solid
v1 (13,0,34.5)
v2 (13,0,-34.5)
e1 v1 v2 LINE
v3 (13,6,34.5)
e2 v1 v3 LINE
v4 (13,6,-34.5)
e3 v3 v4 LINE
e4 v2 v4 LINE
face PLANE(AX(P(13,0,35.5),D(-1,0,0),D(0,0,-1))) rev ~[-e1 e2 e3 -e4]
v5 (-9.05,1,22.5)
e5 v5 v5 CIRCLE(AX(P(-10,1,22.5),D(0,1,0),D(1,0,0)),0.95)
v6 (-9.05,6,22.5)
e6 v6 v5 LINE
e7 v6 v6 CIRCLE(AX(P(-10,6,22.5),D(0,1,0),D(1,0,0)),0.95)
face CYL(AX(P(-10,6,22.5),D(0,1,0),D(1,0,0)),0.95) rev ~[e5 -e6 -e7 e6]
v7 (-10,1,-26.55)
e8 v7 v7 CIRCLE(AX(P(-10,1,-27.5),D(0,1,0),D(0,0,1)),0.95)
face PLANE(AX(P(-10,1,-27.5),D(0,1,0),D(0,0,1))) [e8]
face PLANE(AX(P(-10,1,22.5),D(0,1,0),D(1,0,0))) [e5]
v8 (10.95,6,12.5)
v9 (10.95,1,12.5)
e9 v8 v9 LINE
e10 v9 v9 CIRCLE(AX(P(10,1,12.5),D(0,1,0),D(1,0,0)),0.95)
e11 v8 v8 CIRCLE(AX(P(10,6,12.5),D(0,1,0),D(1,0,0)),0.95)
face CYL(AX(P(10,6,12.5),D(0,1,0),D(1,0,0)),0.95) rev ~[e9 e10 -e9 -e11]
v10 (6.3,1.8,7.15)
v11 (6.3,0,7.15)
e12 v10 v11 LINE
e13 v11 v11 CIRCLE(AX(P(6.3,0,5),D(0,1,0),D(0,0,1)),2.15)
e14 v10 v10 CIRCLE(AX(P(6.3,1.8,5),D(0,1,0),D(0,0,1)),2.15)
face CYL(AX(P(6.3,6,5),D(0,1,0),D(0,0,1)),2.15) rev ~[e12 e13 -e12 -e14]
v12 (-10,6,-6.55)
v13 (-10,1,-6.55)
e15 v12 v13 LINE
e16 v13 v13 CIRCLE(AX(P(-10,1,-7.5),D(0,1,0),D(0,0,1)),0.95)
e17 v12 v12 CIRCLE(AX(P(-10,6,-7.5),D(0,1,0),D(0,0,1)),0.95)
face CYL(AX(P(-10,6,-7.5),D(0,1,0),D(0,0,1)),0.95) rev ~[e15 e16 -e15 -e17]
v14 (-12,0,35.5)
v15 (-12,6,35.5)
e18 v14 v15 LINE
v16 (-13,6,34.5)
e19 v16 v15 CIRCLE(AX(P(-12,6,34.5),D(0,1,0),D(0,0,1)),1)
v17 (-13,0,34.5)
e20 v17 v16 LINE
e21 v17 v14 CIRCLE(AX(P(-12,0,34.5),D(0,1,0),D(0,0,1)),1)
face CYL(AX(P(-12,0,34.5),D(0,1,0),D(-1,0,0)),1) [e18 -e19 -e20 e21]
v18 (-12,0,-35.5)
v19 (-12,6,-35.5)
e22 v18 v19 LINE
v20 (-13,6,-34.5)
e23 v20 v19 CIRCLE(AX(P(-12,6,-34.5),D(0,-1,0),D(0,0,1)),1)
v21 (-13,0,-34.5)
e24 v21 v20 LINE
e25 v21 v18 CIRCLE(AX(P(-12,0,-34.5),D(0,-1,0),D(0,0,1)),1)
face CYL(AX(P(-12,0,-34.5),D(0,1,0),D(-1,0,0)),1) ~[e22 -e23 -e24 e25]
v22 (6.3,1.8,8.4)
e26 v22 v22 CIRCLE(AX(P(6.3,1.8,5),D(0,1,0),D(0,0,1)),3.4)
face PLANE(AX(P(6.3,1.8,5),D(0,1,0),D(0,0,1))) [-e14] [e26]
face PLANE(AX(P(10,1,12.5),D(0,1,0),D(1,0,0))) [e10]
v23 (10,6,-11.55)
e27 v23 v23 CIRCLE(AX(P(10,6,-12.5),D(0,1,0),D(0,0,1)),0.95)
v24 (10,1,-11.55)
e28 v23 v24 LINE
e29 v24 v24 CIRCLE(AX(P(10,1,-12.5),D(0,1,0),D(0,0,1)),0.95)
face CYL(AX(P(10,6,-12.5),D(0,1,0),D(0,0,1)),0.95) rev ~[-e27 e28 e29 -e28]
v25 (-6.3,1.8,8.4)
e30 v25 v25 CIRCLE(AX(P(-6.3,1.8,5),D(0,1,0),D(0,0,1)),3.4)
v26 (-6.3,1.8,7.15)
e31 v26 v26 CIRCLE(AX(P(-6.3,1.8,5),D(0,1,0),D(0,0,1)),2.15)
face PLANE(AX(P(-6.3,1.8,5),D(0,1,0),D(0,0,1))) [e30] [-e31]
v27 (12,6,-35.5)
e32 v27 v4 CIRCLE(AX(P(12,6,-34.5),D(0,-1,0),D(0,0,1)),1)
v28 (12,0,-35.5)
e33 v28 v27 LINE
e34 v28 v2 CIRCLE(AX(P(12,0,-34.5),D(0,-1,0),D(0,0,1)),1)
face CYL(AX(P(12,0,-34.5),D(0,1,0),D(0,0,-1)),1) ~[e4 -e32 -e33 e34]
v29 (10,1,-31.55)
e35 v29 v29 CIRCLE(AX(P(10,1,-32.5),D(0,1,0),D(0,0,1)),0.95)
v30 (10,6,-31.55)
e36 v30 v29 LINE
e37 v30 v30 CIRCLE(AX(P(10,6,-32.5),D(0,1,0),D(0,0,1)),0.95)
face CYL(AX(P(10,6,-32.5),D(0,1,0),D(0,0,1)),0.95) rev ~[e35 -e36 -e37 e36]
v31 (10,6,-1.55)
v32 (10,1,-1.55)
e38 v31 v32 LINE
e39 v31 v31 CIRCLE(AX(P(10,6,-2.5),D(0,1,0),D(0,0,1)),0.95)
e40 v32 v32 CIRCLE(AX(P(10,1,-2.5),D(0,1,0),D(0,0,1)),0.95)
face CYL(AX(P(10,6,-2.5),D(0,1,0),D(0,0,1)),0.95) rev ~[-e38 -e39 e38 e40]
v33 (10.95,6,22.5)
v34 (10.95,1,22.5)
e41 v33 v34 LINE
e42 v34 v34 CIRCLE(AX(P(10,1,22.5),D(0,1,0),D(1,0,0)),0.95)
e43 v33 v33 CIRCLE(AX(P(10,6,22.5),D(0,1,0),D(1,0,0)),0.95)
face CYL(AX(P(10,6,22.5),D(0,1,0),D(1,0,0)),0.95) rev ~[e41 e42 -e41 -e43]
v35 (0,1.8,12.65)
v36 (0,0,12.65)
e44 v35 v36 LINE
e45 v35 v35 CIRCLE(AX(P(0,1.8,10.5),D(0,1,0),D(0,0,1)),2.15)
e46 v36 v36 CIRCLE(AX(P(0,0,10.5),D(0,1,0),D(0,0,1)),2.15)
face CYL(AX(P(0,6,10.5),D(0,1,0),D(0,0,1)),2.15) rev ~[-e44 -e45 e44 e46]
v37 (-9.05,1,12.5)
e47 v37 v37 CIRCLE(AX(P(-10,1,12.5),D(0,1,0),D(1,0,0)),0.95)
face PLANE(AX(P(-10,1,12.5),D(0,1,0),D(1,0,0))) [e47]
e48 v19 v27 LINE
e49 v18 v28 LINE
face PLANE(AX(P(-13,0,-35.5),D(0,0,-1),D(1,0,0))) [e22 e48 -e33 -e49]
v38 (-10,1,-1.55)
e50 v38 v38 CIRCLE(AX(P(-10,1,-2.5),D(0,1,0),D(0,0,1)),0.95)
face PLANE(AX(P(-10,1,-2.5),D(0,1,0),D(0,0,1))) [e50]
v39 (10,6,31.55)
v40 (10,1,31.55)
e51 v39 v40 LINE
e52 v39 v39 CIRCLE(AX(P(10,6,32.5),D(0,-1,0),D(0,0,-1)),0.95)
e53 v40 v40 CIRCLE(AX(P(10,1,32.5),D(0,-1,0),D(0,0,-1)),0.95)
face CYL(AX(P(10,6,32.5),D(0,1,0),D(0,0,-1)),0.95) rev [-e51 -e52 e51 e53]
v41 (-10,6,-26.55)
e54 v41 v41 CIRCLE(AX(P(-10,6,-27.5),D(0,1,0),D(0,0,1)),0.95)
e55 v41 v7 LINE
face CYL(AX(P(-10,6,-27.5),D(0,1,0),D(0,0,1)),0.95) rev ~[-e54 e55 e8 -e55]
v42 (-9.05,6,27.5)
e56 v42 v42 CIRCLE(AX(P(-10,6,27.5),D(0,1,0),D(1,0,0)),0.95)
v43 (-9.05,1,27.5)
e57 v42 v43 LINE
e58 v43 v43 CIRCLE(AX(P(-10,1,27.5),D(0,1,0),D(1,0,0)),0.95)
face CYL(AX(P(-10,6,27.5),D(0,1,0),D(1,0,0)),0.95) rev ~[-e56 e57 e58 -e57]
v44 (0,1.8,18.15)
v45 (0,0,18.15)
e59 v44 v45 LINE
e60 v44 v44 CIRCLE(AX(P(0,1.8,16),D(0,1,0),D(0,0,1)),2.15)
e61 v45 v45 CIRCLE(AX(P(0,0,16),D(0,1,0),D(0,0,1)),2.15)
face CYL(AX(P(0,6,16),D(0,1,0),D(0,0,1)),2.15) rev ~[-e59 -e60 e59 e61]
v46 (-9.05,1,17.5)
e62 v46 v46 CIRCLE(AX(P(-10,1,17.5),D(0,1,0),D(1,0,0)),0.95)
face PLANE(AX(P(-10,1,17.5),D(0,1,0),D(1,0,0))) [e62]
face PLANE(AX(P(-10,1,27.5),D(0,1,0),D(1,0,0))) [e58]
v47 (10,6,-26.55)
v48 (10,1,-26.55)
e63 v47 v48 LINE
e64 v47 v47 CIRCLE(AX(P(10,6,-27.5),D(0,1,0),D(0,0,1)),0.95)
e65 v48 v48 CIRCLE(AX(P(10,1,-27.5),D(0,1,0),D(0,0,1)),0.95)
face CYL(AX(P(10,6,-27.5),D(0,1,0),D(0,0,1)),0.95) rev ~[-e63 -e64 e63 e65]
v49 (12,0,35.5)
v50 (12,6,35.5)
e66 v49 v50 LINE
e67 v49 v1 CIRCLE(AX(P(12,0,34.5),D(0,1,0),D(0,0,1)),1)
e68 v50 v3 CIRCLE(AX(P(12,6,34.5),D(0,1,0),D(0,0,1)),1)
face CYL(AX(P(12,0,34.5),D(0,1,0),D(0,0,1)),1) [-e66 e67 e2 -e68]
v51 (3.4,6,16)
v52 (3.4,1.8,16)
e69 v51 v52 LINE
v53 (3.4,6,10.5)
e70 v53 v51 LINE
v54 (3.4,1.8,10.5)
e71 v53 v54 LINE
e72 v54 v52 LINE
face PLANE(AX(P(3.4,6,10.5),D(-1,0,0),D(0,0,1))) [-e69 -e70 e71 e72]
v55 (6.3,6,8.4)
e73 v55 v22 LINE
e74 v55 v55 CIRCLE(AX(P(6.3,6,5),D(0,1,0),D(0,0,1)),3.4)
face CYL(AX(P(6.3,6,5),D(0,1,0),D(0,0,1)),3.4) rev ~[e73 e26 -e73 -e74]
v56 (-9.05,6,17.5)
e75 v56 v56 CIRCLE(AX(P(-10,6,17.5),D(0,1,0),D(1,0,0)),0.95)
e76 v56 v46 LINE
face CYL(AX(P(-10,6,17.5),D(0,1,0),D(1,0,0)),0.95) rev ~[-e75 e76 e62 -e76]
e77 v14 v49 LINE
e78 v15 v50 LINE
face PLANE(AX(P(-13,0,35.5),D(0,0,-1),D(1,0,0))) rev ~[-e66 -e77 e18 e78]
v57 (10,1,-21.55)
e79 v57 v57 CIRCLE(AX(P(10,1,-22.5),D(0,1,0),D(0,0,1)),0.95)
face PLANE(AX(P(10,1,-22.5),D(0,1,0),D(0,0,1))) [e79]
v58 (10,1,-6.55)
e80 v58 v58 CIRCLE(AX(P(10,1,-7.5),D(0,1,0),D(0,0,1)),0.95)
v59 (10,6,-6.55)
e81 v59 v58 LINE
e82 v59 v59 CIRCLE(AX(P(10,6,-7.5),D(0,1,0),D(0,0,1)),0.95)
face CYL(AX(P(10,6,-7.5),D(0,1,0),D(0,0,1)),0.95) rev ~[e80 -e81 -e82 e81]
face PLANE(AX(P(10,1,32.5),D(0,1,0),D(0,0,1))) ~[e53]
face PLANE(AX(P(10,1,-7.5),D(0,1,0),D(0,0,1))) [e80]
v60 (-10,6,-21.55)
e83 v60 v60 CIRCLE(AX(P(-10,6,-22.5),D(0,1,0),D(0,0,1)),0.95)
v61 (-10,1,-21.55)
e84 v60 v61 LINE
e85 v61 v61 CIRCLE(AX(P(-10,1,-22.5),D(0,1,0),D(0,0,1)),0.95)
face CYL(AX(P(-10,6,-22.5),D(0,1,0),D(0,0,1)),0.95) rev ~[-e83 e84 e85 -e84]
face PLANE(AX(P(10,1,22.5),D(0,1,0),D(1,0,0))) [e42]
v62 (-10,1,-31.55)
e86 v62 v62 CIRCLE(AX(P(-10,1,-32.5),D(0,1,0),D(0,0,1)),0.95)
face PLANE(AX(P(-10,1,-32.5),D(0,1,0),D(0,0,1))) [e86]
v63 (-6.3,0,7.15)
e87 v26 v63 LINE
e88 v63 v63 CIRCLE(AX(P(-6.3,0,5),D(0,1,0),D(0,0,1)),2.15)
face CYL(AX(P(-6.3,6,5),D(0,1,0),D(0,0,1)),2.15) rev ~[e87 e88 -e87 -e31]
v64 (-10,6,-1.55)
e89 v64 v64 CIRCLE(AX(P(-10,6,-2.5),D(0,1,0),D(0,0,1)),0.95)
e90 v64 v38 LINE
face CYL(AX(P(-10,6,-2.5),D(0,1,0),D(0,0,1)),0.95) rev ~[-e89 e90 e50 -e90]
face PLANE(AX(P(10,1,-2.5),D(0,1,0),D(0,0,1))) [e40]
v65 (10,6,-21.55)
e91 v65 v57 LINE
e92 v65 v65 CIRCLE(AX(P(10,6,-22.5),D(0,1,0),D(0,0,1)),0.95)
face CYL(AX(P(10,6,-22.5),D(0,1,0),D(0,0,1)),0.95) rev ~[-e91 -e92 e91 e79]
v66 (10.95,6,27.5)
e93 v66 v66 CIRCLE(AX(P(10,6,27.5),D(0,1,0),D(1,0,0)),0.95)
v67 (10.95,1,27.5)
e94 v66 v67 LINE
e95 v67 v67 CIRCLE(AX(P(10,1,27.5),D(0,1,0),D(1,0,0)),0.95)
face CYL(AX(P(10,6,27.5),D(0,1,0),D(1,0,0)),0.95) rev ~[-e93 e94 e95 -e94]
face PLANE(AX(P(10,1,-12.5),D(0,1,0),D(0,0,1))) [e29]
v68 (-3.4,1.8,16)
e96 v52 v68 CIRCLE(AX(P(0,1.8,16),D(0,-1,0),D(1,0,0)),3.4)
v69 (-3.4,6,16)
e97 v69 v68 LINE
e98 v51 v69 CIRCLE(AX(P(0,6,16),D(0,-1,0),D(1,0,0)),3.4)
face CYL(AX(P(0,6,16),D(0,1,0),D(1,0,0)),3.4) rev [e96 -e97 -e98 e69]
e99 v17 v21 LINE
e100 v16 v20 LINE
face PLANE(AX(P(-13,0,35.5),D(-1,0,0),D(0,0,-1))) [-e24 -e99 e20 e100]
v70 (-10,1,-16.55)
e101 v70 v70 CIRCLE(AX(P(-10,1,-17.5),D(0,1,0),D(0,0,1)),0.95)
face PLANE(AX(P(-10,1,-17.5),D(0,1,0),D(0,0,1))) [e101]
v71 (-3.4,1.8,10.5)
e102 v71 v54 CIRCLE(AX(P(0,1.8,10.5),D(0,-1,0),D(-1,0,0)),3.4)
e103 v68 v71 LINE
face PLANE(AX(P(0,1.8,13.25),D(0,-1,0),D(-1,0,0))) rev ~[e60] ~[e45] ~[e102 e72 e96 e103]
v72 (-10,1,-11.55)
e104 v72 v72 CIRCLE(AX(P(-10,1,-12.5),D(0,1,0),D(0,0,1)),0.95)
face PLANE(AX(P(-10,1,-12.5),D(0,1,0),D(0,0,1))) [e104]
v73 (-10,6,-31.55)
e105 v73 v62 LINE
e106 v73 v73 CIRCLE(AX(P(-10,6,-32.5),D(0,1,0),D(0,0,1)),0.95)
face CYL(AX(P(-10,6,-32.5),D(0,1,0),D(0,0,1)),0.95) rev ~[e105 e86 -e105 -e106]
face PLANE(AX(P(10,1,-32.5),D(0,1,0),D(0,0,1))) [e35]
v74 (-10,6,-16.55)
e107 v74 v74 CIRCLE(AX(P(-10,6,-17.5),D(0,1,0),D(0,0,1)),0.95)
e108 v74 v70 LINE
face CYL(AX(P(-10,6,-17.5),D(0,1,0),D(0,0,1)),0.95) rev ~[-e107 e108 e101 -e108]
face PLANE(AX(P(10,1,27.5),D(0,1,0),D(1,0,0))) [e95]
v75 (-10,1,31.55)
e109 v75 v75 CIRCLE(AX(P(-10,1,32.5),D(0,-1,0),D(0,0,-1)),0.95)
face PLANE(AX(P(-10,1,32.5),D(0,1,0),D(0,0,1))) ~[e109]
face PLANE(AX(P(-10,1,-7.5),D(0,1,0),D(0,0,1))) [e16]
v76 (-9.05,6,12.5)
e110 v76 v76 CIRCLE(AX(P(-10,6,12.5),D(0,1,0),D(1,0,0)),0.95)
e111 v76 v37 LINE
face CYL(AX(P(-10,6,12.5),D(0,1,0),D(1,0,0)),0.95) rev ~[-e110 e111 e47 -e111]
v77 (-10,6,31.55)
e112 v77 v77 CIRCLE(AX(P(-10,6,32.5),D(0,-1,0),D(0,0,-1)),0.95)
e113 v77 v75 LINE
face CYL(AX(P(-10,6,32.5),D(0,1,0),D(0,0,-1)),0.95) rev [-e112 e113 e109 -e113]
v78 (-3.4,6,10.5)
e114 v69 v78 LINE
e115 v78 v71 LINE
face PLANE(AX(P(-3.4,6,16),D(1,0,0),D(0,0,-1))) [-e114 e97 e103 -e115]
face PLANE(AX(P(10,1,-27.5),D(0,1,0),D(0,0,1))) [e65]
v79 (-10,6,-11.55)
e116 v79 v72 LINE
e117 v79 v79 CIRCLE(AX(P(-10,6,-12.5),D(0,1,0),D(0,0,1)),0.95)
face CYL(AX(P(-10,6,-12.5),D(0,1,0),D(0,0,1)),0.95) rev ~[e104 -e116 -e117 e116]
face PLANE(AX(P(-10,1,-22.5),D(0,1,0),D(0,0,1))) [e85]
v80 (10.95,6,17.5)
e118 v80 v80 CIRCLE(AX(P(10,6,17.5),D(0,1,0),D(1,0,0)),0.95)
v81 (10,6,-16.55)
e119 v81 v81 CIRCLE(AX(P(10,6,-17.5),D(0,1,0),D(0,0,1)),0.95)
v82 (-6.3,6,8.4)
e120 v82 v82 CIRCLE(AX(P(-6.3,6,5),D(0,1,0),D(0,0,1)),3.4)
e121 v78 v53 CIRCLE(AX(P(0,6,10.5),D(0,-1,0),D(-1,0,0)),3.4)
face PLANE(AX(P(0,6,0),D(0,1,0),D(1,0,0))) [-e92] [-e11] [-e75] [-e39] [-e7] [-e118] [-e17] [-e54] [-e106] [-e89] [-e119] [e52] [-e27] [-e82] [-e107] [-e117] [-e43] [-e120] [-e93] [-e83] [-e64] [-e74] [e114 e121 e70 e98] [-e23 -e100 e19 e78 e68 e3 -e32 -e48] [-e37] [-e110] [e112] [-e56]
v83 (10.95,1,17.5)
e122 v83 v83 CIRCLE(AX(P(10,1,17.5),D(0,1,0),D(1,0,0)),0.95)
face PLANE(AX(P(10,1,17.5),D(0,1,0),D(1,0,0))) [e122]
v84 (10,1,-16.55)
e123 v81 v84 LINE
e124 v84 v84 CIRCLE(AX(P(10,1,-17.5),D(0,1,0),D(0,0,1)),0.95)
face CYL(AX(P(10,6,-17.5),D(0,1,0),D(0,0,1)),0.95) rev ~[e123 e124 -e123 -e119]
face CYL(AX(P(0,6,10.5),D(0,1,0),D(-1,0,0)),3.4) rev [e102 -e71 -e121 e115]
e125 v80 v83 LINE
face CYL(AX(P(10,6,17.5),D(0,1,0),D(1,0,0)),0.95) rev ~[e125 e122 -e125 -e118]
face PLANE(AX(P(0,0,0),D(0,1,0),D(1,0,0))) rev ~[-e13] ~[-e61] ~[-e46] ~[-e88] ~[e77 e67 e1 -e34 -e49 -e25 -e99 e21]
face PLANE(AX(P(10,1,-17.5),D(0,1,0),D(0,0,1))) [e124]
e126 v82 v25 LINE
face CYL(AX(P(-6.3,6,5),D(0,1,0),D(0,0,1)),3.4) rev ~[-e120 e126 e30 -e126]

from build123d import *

# Parameters (mm, degrees)
SKETCH1_W                 = 26
SKETCH1_H                 = 71
BOSS_EXTRUDE1_DEPTH       = 6
CUT_EXTRUDE9_REACH        = 40.279
SKETCH10_R                = 2.15
SKETCH11_R                = 3.4
CUT_EXTRUDE10_DEPTH       = 4.2
SKETCH5_R                 = 0.95
CUT_EXTRUDE4_DEPTH        = 5
LPATTERN1_COUNT           = 7
LPATTERN1_PITCH           = 5
LPATTERN2_COPY_1_SKETCH_R = 0.95
LPATTERN2_COPY_1_DEPTH    = 5
LPATTERN2_COPY_2_SKETCH_R = 0.95
LPATTERN2_COPY_2_DEPTH    = 5
LPATTERN2_COPY_3_SKETCH_R = 0.95
LPATTERN2_COPY_3_DEPTH    = 5
LPATTERN2_COPY_4_SKETCH_R = 0.95
LPATTERN2_COPY_4_DEPTH    = 5
LPATTERN2_COPY_5_SKETCH_R = 0.95
LPATTERN2_COPY_5_DEPTH    = 5
LPATTERN2_COPY_6_SKETCH_R = 0.95
LPATTERN2_COPY_6_DEPTH    = 5
LPATTERN2_COPY_7_SKETCH_R = 0.95
LPATTERN2_COPY_7_DEPTH    = 5
LPATTERN2_COPY_8_SKETCH_R = 0.95
LPATTERN2_COPY_8_DEPTH    = 5
FILLET1_R                 = 1


with BuildPart() as part:
    # Sketch1 → Boss-Extrude1 (new body)
    with BuildSketch(Plane(origin=(0, 0, 0), x_dir=(1, 0, 0), z_dir=(0, 1, 0))):
        Rectangle(SKETCH1_W, SKETCH1_H)
    extrude(amount=BOSS_EXTRUDE1_DEPTH)

    # Sketch10 → Cut-Extrude9 (cut, up to next)
    with BuildSketch(Plane(origin=(0, 6, 0), x_dir=(1, 0, 0), z_dir=(0, 1, 0)), mode=Mode.PRIVATE) as cut_extrude9_sk1:
        with Locations(Location((0, -10.5, 0), (0, 0, 270))):
            Circle(SKETCH10_R)
    cut_extrude9_tool1 = extrude(cut_extrude9_sk1.sketch, amount=-CUT_EXTRUDE9_REACH, mode=Mode.PRIVATE) & part.part
    # Sketch10 → Cut-Extrude9 (cut, up to next)
    with BuildSketch(Plane(origin=(0, 6, 0), x_dir=(1, 0, 0), z_dir=(0, 1, 0)), mode=Mode.PRIVATE) as cut_extrude9_sk2:
        with Locations(Location((0, -16, 0), (0, 0, 270))):
            Circle(SKETCH10_R)
    cut_extrude9_tool2 = extrude(cut_extrude9_sk2.sketch, amount=-CUT_EXTRUDE9_REACH, mode=Mode.PRIVATE) & part.part
    # Sketch10 → Cut-Extrude9 (cut, up to next)
    with BuildSketch(Plane(origin=(0, 6, 0), x_dir=(1, 0, 0), z_dir=(0, 1, 0)), mode=Mode.PRIVATE) as cut_extrude9_sk3:
        with Locations(Location((-6.3, -5, 0), (0, 0, 270))):
            Circle(SKETCH10_R)
    cut_extrude9_tool3 = extrude(cut_extrude9_sk3.sketch, amount=-CUT_EXTRUDE9_REACH, mode=Mode.PRIVATE) & part.part
    # Sketch10 → Cut-Extrude9 (cut, up to next)
    with BuildSketch(Plane(origin=(0, 6, 0), x_dir=(1, 0, 0), z_dir=(0, 1, 0)), mode=Mode.PRIVATE) as cut_extrude9_sk4:
        with Locations(Location((6.3, -5, 0), (0, 0, 270))):
            Circle(SKETCH10_R)
    cut_extrude9_tool4 = extrude(cut_extrude9_sk4.sketch, amount=-CUT_EXTRUDE9_REACH, mode=Mode.PRIVATE) & part.part
    add(cut_extrude9_tool1.solids().sort_by_distance((0, 6, 10.5))[0], mode=Mode.SUBTRACT)
    add(cut_extrude9_tool2.solids().sort_by_distance((0, 6, 16))[0], mode=Mode.SUBTRACT)
    add(cut_extrude9_tool3.solids().sort_by_distance((-6.3, 6, 5))[0], mode=Mode.SUBTRACT)
    add(cut_extrude9_tool4.solids().sort_by_distance((6.3, 6, 5))[0], mode=Mode.SUBTRACT)

    # Sketch11 → Cut-Extrude10 (cut)
    with BuildSketch(Plane(origin=(0, 6, 0), x_dir=(1, 0, 0), z_dir=(0, 1, 0))):
        with Locations(Location((-6.3, -5, 0), (0, 0, 270))):
            Circle(SKETCH11_R)
        with Locations(Location((6.3, -5, 0), (0, 0, 270))):
            Circle(SKETCH11_R)
        with BuildLine():
            Line((3.4, -10.5), (3.4, -16))
            ThreePointArc((3.4, -16), (0, -19.4), (-3.4, -16))
            Line((-3.4, -16), (-3.4, -10.5))
            ThreePointArc((-3.4, -10.5), (0, -7.1), (3.4, -10.5))
        make_face()
    extrude(amount=-CUT_EXTRUDE10_DEPTH, mode=Mode.SUBTRACT)

    # Sketch5 → Cut-Extrude4 (cut)
    with BuildSketch(Plane(origin=(0, 6, 0), x_dir=(1, 0, 0), z_dir=(0, 1, 0))):
        with Locations(Location((-10, 32.5, 0), (0, 0, 270))):
            Circle(SKETCH5_R)
        with Locations(Location((10, 32.5, 0), (0, 0, 270))):
            Circle(SKETCH5_R)
    cut_extrude4 = extrude(amount=-CUT_EXTRUDE4_DEPTH, mode=Mode.SUBTRACT)

    # LPattern1: Cut-Extrude4 ×7
    with Locations(*[(0, 0, i * LPATTERN1_PITCH) for i in range(1, LPATTERN1_COUNT)]):
        add(cut_extrude4, mode=Mode.SUBTRACT)

    # Mirror2: Cut-Extrude4 across plane
    add(cut_extrude4.mirror(Plane.XY), mode=Mode.SUBTRACT)

    # LPattern2 copy 1 sketch → LPattern2 copy 1 (cut)
    with BuildSketch(Plane(origin=(0, 6, -5), x_dir=(1, 0, 0), z_dir=(0, 1, 0))):
        with Locations((-10, -32.5)):
            Circle(LPATTERN2_COPY_1_SKETCH_R)
        with Locations((10, -32.5)):
            Circle(LPATTERN2_COPY_1_SKETCH_R)
    extrude(amount=-LPATTERN2_COPY_1_DEPTH, mode=Mode.SUBTRACT)

    # LPattern2 copy 2 sketch → LPattern2 copy 2 (cut)
    with BuildSketch(Plane(origin=(0, 6, -10), x_dir=(1, 0, 0), z_dir=(0, 1, 0))):
        with Locations((-10, -32.5)):
            Circle(LPATTERN2_COPY_2_SKETCH_R)
        with Locations((10, -32.5)):
            Circle(LPATTERN2_COPY_2_SKETCH_R)
    extrude(amount=-LPATTERN2_COPY_2_DEPTH, mode=Mode.SUBTRACT)

    # LPattern2 copy 3 sketch → LPattern2 copy 3 (cut)
    with BuildSketch(Plane(origin=(0, 6, -15), x_dir=(1, 0, 0), z_dir=(0, 1, 0))):
        with Locations((-10, -32.5)):
            Circle(LPATTERN2_COPY_3_SKETCH_R)
        with Locations((10, -32.5)):
            Circle(LPATTERN2_COPY_3_SKETCH_R)
    extrude(amount=-LPATTERN2_COPY_3_DEPTH, mode=Mode.SUBTRACT)

    # LPattern2 copy 4 sketch → LPattern2 copy 4 (cut)
    with BuildSketch(Plane(origin=(0, 6, -20), x_dir=(1, 0, 0), z_dir=(0, 1, 0))):
        with Locations((-10, -32.5)):
            Circle(LPATTERN2_COPY_4_SKETCH_R)
        with Locations((10, -32.5)):
            Circle(LPATTERN2_COPY_4_SKETCH_R)
    extrude(amount=-LPATTERN2_COPY_4_DEPTH, mode=Mode.SUBTRACT)

    # LPattern2 copy 5 sketch → LPattern2 copy 5 (cut)
    with BuildSketch(Plane(origin=(0, 6, -5), x_dir=(1, 0, 0), z_dir=(0, 1, 0))):
        with Locations(Location((-10, 32.5, 0), (0, 0, 270))):
            Circle(LPATTERN2_COPY_5_SKETCH_R)
        with Locations(Location((10, 32.5, 0), (0, 0, 270))):
            Circle(LPATTERN2_COPY_5_SKETCH_R)
    extrude(amount=-LPATTERN2_COPY_5_DEPTH, mode=Mode.SUBTRACT)

    # LPattern2 copy 6 sketch → LPattern2 copy 6 (cut)
    with BuildSketch(Plane(origin=(0, 6, -10), x_dir=(1, 0, 0), z_dir=(0, 1, 0))):
        with Locations(Location((-10, 32.5, 0), (0, 0, 270))):
            Circle(LPATTERN2_COPY_6_SKETCH_R)
        with Locations(Location((10, 32.5, 0), (0, 0, 270))):
            Circle(LPATTERN2_COPY_6_SKETCH_R)
    extrude(amount=-LPATTERN2_COPY_6_DEPTH, mode=Mode.SUBTRACT)

    # LPattern2 copy 7 sketch → LPattern2 copy 7 (cut)
    with BuildSketch(Plane(origin=(0, 6, -15), x_dir=(1, 0, 0), z_dir=(0, 1, 0))):
        with Locations(Location((-10, 32.5, 0), (0, 0, 270))):
            Circle(LPATTERN2_COPY_7_SKETCH_R)
        with Locations(Location((10, 32.5, 0), (0, 0, 270))):
            Circle(LPATTERN2_COPY_7_SKETCH_R)
    extrude(amount=-LPATTERN2_COPY_7_DEPTH, mode=Mode.SUBTRACT)

    # LPattern2 copy 8 sketch → LPattern2 copy 8 (cut)
    with BuildSketch(Plane(origin=(0, 6, -20), x_dir=(1, 0, 0), z_dir=(0, 1, 0))):
        with Locations(Location((-10, 32.5, 0), (0, 0, 270))):
            Circle(LPATTERN2_COPY_8_SKETCH_R)
        with Locations(Location((10, 32.5, 0), (0, 0, 270))):
            Circle(LPATTERN2_COPY_8_SKETCH_R)
    extrude(amount=-LPATTERN2_COPY_8_DEPTH, mode=Mode.SUBTRACT)

    # Fillet1
    fillet1_edges = [part.edges().sort_by_distance(p)[0] for p in [
        (13, 3, 35.5),
        (-13, 3, 35.5),
        (-13, 3, -35.5),
        (13, 3, -35.5),
    ]]
    fillet(fillet1_edges, radius=FILLET1_R)


solid = part.part
